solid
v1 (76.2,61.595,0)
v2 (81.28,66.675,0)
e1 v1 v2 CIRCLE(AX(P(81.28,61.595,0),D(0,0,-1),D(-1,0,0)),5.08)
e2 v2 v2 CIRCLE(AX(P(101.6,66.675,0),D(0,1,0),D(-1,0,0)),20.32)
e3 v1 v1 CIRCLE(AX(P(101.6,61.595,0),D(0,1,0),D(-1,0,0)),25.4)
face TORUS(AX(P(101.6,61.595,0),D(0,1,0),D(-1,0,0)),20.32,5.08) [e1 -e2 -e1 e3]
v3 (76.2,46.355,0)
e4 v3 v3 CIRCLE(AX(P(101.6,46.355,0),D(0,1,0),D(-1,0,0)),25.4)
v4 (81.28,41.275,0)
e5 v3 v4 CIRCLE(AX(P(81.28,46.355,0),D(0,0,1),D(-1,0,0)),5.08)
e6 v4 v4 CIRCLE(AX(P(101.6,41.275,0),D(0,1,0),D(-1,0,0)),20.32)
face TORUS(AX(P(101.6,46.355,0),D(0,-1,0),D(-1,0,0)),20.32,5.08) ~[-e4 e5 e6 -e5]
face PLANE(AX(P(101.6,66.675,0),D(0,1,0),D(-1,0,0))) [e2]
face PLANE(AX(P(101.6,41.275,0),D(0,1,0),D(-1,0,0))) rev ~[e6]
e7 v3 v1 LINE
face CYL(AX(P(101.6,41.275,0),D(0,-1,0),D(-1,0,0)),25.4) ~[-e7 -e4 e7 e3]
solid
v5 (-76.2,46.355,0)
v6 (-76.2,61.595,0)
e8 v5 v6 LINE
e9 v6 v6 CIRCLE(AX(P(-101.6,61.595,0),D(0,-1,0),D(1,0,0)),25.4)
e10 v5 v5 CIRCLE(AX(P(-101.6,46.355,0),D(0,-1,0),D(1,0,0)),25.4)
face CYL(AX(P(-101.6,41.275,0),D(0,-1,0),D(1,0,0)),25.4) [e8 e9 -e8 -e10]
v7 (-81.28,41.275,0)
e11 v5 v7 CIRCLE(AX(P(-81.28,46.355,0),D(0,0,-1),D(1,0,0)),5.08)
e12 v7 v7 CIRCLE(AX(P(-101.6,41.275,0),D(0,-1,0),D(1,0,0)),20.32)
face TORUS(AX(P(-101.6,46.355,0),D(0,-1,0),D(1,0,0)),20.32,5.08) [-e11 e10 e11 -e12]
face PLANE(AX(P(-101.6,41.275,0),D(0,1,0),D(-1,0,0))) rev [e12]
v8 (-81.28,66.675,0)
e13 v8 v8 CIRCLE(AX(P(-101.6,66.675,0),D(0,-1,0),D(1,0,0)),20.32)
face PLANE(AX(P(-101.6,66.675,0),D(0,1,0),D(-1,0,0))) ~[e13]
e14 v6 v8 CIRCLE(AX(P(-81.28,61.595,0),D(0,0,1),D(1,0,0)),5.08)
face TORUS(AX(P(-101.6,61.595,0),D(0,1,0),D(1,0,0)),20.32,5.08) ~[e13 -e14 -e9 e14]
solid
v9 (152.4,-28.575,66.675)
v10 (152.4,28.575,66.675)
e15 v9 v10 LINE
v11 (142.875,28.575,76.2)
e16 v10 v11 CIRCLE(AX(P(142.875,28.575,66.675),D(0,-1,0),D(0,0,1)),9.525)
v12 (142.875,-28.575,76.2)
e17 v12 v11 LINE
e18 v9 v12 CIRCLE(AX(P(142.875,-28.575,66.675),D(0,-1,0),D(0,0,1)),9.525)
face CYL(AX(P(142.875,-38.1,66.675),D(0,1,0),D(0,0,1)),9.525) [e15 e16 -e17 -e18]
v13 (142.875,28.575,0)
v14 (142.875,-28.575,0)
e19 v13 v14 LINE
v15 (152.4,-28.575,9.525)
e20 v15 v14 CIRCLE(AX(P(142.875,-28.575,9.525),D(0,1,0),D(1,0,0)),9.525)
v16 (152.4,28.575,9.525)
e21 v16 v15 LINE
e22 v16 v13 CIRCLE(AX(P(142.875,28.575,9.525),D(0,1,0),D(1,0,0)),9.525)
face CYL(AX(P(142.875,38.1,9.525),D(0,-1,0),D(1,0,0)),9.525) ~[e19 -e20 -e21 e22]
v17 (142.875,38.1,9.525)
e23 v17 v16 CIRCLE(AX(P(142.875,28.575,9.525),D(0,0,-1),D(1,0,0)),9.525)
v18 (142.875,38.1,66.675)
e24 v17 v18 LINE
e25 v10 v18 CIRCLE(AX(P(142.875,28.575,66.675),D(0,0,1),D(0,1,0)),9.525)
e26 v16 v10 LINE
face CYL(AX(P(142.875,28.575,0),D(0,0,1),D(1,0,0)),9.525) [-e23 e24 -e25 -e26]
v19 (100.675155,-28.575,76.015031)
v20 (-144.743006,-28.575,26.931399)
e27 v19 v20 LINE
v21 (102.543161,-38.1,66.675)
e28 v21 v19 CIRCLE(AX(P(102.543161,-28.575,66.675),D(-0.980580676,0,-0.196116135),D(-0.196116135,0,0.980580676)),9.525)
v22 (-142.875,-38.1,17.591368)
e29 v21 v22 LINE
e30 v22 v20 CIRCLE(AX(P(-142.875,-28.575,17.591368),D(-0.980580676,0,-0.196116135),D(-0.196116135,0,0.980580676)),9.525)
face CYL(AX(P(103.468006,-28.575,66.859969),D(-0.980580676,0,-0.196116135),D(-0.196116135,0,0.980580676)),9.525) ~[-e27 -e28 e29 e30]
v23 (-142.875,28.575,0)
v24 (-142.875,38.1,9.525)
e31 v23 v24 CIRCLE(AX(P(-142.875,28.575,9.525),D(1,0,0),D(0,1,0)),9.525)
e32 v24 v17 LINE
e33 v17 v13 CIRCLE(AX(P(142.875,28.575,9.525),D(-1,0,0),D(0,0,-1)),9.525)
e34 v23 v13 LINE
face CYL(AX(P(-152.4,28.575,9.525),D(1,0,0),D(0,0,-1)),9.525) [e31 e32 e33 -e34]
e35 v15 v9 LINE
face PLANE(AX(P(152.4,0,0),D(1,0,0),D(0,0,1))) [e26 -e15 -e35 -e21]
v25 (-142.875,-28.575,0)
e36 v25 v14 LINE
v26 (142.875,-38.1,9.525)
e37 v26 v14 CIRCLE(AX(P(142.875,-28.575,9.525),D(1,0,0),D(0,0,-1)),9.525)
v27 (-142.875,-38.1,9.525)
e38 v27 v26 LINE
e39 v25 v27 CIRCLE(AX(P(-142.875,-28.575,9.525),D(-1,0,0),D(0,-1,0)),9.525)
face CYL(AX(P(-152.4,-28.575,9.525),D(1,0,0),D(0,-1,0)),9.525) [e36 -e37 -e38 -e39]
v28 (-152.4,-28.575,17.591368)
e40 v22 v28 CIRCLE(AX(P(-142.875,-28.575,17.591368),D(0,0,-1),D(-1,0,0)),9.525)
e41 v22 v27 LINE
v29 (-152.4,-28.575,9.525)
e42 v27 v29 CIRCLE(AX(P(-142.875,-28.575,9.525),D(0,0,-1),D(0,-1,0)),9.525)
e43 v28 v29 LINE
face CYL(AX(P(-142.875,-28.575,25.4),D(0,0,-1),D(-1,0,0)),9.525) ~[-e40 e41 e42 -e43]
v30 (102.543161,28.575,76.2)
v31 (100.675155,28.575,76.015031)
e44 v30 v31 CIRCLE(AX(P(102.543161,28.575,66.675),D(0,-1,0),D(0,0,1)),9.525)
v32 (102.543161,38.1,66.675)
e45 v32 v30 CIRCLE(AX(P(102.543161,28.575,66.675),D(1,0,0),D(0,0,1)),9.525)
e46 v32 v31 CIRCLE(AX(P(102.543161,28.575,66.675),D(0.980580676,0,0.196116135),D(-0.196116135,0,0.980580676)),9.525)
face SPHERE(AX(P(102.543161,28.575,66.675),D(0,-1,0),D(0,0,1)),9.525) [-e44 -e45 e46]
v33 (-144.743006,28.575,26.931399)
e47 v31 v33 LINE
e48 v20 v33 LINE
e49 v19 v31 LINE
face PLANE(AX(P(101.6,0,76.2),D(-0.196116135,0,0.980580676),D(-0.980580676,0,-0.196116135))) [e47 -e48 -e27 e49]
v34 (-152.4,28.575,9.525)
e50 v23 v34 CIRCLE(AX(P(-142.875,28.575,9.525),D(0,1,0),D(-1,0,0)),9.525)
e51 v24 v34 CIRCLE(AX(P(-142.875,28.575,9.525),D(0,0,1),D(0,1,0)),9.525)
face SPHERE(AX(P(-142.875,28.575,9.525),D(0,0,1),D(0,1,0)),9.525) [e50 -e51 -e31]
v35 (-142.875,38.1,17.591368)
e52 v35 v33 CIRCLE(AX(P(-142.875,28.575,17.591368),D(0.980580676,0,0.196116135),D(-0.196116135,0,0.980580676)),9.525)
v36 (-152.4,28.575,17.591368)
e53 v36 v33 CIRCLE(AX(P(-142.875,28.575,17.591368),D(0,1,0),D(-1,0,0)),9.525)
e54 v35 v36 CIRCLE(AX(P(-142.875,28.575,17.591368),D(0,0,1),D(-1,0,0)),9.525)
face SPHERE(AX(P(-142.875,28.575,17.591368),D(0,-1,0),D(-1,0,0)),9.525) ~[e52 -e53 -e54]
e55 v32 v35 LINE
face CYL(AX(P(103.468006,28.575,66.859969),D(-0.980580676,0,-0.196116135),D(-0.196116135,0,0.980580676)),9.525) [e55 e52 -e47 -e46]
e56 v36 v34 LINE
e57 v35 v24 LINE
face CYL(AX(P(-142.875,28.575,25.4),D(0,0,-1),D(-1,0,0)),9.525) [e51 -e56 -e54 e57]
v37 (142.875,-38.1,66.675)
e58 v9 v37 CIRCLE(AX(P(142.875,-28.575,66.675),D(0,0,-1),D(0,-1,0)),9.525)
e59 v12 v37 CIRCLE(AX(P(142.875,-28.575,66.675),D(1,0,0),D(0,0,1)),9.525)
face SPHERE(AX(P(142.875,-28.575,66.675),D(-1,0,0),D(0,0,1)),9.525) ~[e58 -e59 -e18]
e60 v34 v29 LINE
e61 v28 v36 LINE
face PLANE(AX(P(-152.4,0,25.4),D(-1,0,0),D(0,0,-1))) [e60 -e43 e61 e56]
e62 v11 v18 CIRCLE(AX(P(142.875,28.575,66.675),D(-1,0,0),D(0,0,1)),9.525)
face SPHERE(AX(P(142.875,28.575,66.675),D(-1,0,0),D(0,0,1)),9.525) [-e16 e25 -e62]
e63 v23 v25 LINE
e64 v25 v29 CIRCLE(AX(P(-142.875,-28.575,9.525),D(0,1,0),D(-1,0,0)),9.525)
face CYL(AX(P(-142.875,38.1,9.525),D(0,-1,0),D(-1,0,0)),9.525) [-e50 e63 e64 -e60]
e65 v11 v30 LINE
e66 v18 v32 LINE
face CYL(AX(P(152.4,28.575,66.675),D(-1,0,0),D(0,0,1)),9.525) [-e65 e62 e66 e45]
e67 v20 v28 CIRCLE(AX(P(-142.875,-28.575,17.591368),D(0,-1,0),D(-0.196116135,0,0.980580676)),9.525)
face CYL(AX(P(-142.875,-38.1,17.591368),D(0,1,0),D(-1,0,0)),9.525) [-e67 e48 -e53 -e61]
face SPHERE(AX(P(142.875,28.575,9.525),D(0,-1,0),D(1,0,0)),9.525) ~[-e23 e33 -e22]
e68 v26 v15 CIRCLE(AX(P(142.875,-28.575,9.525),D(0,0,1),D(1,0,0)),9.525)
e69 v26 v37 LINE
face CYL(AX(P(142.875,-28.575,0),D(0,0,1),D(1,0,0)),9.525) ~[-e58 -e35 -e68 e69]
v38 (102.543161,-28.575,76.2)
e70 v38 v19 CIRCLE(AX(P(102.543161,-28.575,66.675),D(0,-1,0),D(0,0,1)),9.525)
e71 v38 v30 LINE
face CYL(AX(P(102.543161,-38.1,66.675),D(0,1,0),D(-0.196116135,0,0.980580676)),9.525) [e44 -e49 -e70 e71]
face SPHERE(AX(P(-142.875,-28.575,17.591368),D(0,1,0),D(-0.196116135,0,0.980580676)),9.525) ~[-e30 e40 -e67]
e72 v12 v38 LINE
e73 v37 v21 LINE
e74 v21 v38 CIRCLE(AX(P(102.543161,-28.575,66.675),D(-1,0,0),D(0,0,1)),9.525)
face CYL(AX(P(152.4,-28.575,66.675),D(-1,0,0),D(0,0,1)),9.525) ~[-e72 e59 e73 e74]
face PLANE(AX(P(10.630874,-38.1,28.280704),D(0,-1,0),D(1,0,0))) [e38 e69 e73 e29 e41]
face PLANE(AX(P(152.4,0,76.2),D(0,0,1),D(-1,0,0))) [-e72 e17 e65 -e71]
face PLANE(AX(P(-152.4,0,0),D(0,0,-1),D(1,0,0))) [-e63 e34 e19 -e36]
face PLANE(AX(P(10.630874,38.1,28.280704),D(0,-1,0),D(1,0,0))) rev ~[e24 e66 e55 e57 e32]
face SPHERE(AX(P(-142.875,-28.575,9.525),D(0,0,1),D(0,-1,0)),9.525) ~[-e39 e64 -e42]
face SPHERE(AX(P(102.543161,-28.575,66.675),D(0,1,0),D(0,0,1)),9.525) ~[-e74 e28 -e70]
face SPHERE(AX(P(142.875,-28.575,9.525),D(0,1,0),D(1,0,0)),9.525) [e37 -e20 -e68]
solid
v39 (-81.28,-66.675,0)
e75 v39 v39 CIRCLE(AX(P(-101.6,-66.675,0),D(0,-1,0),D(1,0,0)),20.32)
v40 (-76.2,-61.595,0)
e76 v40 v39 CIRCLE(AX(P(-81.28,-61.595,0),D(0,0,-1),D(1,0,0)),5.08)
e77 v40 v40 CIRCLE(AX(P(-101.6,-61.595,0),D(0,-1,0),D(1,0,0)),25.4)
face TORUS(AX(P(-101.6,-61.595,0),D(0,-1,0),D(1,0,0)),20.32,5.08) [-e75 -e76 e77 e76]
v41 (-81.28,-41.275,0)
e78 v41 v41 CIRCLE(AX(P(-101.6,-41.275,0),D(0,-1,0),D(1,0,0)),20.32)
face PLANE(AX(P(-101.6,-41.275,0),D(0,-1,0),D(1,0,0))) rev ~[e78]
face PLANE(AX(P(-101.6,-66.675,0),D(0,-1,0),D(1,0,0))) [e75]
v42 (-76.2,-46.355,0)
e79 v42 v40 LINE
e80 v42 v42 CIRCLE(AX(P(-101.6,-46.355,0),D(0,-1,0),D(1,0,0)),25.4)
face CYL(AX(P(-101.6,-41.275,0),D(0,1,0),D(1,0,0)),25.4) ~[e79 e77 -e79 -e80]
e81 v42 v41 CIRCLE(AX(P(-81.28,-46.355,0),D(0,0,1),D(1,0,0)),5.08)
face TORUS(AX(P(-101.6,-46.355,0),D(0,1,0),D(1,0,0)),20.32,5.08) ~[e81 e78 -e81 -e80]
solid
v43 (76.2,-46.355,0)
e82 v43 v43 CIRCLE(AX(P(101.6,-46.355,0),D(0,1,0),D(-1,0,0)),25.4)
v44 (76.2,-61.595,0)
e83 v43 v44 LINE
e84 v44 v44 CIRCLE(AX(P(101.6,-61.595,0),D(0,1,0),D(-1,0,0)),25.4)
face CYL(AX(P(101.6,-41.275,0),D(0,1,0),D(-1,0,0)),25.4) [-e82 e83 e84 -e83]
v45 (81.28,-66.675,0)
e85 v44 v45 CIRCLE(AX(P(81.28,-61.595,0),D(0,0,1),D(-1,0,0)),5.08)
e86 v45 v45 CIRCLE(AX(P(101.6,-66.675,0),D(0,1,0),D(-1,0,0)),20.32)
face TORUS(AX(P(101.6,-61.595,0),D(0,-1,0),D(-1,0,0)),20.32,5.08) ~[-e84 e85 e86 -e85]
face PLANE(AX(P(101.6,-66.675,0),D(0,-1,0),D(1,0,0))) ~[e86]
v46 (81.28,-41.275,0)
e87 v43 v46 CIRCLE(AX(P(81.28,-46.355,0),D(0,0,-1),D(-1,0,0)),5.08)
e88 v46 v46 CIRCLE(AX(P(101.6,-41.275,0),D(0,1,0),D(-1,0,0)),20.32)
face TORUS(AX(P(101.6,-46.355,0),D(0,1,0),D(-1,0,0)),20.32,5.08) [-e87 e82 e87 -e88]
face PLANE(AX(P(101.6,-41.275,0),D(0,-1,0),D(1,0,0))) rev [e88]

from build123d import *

# Parameters (mm, degrees)
F1_DEPTH = 38.1
F3_R     = 25.4
F4_DEPTH = 25.4
F5_R     = 5.08
F8_R     = 9.525


with BuildPart() as f1:
    # F0 (on Front) → F1 (new body, symmetric)
    with BuildSketch(Plane.XZ):
        Polygon((-152.4, 25.4), (-152.4, 0), (152.4, 0), (152.4, 76.2), (101.6, 76.2), align=None)
    extrude(amount=F1_DEPTH, both=True)

    # F8
    f8_edges = [f1.edges().sort_by_distance(p)[0] for p in [
        (-25.4, 38.1, 50.8),
        (-152.4, 0, 25.4),
        (-25.4, -38.1, 50.8),
        (101.6, 0, 76.2),
        (127, 38.1, 76.2),
        (127, -38.1, 76.2),
        (152.4, 0, 76.2),
        (152.4, 0, 0),
        (152.4, 38.1, 38.1),
        (152.4, -38.1, 38.1),
        (-152.4, -38.1, 12.7),
        (0, -38.1, 0),
        (-152.4, 38.1, 12.7),
        (0, 38.1, 0),
        (-152.4, 0, 0),
    ]]
    fillet(f8_edges, radius=F8_R)


with BuildPart() as f4:
    # F3 (on offset) → F4 (new body)
    with BuildSketch(Plane.XZ.offset(41.275)):
        with Locations((-101.6, 0)):
            Circle(F3_R)
    extrude(amount=F4_DEPTH)

    # F5
    f5_edges = [f4.edges().sort_by_distance(p)[0] for p in [
        (-127, -66.675, 0),
        (-127, -41.275, 0),
    ]]
    fillet(f5_edges, radius=F5_R)


with BuildPart() as f6_1:
    # F6: instance of F4
    add(f4.part.mirror(Plane.YZ))


with BuildPart() as f7_1:
    # F7: instance of F4
    add(f4.part.mirror(Plane.XZ))


with BuildPart() as f7_2:
    # F7: instance of F6_1
    add(f6_1.part.mirror(Plane.XZ))


solid = Compound([f1.part, f4.part, f6_1.part, f7_1.part, f7_2.part])
